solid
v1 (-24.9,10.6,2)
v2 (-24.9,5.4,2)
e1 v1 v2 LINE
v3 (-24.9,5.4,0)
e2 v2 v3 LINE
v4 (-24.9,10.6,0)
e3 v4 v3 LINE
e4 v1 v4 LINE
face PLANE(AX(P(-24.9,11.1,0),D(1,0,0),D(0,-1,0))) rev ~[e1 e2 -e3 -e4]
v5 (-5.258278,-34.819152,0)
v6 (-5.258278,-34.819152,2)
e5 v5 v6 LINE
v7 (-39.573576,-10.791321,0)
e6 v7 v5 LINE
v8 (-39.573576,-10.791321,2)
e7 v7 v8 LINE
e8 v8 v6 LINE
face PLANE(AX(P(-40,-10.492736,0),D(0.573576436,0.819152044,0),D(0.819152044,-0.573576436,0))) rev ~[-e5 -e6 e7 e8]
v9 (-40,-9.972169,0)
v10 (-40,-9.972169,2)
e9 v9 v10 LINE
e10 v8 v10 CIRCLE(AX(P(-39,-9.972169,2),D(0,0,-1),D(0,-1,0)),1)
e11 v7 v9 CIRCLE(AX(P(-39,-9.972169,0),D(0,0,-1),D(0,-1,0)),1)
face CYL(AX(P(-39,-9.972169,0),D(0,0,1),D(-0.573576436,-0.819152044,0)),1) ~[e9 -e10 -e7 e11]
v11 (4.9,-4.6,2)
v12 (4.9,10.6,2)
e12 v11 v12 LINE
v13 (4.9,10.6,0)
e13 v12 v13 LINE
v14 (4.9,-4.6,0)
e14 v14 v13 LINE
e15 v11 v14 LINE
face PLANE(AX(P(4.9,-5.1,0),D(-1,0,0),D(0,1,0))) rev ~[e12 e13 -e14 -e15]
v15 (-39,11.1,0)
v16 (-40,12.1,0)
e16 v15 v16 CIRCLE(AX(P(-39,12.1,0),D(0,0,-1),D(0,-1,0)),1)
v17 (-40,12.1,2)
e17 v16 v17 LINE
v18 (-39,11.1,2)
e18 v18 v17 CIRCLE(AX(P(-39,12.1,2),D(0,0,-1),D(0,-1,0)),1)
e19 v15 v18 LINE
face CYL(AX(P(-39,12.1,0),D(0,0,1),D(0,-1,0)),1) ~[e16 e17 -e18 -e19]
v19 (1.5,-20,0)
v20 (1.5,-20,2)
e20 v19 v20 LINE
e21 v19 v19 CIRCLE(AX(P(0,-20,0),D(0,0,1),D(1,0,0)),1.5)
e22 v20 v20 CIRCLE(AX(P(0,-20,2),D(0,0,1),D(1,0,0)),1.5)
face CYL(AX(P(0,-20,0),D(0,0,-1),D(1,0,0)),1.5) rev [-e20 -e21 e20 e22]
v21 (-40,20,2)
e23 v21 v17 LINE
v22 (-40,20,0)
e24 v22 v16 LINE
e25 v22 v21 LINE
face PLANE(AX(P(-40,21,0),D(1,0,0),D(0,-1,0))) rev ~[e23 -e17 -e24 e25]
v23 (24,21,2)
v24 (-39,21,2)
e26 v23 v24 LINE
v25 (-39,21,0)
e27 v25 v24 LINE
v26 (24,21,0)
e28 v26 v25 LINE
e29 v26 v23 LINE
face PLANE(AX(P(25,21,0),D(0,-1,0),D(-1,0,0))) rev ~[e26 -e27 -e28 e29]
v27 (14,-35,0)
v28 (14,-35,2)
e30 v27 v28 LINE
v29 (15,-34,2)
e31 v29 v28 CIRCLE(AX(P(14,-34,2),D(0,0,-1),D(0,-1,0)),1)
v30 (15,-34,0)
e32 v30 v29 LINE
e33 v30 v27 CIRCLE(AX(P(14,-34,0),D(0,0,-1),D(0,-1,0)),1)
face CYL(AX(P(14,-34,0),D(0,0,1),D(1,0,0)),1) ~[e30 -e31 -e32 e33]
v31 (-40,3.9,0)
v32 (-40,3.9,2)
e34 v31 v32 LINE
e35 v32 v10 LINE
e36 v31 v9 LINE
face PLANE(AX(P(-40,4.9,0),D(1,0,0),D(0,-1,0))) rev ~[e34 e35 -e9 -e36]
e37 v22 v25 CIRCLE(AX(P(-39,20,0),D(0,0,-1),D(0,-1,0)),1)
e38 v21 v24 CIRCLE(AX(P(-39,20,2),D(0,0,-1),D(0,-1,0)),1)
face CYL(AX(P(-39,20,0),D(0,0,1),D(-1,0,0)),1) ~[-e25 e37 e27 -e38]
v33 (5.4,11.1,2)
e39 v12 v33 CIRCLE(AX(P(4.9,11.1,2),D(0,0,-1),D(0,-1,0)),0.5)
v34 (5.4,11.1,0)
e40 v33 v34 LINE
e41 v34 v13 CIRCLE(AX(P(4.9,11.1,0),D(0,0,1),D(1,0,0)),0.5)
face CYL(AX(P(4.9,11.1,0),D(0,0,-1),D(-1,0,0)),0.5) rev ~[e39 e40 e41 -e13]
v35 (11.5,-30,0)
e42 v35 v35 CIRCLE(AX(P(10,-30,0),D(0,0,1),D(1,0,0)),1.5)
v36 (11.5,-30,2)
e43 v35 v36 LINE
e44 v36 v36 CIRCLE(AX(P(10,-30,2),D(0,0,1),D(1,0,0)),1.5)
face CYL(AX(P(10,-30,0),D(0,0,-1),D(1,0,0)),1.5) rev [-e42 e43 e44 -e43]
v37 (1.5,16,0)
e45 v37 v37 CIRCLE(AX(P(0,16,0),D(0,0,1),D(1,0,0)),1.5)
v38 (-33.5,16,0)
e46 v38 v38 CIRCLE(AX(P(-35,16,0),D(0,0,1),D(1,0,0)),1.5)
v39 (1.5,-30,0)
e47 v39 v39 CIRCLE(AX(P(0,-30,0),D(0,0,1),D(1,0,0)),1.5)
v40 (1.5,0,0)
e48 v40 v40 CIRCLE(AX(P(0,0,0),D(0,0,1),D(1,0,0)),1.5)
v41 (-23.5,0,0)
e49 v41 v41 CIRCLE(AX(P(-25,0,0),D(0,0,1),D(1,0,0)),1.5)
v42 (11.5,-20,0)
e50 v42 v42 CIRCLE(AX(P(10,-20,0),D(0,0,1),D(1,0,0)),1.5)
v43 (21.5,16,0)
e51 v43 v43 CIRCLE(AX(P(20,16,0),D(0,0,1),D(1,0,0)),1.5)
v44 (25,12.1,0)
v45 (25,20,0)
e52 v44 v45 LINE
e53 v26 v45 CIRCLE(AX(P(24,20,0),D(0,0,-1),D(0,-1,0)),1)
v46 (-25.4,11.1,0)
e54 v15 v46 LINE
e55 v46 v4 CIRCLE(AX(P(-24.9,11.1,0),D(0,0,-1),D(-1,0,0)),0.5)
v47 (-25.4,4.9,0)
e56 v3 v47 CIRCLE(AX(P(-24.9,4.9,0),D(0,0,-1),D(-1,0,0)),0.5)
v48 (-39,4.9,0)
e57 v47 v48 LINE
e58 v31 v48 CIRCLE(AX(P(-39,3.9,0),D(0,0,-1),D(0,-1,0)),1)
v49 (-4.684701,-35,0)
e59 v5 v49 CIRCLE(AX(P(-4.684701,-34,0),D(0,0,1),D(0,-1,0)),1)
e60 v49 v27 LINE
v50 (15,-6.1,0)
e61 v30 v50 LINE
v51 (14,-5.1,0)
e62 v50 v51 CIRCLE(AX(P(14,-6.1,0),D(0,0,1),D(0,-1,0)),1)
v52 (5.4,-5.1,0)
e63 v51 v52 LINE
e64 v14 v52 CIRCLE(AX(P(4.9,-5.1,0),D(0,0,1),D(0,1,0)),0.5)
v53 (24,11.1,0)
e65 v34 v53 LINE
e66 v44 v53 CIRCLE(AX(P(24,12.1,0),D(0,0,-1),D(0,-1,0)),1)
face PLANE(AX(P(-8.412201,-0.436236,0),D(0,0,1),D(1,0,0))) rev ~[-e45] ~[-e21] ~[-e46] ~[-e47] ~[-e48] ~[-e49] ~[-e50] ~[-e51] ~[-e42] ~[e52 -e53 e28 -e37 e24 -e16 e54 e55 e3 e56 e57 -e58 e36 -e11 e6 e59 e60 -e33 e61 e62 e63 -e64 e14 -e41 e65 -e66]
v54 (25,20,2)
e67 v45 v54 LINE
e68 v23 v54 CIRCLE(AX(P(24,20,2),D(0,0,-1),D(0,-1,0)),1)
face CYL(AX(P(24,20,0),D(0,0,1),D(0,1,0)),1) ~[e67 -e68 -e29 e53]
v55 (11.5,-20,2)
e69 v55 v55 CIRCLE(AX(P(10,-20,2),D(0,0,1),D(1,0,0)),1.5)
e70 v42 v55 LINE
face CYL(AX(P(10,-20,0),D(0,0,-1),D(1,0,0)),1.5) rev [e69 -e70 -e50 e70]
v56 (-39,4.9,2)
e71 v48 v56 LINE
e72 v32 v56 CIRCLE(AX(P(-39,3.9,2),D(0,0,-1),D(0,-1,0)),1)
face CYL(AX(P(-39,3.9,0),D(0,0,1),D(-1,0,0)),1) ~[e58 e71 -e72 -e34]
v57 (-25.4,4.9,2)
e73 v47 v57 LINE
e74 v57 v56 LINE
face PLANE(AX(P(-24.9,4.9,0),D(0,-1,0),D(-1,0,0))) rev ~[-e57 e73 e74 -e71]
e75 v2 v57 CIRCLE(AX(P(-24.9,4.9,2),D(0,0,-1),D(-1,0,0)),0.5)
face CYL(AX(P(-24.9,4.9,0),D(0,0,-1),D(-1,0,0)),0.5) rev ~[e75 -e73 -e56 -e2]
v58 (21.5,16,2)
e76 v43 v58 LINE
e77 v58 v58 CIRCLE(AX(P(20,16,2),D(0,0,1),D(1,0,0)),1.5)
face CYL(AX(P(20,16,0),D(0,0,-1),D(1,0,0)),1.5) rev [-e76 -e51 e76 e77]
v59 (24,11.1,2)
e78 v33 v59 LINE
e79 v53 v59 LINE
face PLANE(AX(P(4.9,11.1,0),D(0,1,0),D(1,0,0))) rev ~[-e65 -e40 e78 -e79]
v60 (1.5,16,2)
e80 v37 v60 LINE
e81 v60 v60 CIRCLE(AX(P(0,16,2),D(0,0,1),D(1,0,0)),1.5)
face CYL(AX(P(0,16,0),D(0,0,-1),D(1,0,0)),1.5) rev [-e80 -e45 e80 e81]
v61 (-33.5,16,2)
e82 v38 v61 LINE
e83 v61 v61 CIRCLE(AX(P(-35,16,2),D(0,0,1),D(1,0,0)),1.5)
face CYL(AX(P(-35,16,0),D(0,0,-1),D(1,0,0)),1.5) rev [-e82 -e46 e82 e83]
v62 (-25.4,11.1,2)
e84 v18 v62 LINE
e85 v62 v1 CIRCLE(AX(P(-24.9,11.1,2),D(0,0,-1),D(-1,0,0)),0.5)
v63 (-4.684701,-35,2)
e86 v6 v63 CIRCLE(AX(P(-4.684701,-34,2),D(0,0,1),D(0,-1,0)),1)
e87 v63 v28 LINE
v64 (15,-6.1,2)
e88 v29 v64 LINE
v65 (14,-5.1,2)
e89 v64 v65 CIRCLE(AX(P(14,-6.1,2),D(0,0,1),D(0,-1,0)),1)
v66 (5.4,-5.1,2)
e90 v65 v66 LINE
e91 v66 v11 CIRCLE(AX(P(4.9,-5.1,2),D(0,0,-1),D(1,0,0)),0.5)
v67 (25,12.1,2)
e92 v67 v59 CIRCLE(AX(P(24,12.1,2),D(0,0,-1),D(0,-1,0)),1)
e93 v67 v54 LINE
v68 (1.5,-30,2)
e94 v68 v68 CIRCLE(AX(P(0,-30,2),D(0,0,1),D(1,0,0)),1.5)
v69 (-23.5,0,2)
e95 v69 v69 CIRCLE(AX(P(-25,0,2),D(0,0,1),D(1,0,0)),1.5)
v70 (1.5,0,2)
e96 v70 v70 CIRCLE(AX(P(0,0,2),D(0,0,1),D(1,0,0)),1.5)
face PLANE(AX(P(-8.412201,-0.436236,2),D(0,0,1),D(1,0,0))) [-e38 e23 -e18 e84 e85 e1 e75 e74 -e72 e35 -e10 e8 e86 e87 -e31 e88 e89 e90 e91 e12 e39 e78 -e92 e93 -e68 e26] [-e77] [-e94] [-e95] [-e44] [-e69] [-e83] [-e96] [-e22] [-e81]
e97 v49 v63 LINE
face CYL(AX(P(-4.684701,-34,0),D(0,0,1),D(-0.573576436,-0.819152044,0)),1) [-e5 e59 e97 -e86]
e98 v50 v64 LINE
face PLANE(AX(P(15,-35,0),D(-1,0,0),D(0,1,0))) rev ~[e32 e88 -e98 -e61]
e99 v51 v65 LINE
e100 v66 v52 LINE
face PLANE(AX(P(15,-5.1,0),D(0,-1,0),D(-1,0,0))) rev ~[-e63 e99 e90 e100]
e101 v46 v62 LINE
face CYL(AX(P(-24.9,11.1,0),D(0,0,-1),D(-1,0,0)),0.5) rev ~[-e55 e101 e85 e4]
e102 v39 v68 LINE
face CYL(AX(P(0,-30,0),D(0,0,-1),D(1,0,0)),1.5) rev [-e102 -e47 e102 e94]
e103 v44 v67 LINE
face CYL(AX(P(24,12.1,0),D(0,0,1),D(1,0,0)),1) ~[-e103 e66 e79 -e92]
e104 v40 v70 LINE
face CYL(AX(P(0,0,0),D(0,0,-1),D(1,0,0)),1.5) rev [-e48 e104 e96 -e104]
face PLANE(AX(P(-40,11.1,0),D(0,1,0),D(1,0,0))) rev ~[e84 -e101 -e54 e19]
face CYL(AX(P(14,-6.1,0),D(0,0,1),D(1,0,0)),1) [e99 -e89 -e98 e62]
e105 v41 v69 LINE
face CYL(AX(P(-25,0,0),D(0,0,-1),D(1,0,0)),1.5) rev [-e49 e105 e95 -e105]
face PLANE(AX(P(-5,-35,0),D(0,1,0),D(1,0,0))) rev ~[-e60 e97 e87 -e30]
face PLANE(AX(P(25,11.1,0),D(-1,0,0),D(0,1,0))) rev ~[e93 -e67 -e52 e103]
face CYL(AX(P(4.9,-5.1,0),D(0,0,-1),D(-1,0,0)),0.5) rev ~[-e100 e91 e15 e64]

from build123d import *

# Parameters (mm, degrees)
SKETCH_1_R          = 1.5
EXTRUDE_1_DEPTH     = 2
SKETCH_2_R          = 0.5
CUT_EXTRUDE_1_DEPTH = 10
FILLET_2_R          = 1


with BuildPart() as part:
    # 草图1 → 凸台-拉伸1 (new body)
    with BuildSketch(Plane.XY):
        Polygon((15, -35), (15, -5.1), (4.9, -5.1), (4.9, 11.1), (25, 11.1), (25, 21), (-40, 21), (-40, 11.1), (-24.9, 11.1), (-24.9, 4.9), (-40, 4.9), (-40, -10.492736163), (-5, -35), align=None)
        with Locations((-35, 16)):
            Circle(SKETCH_1_R, mode=Mode.SUBTRACT)
        with Locations((10, -30)):
            Circle(SKETCH_1_R, mode=Mode.SUBTRACT)
        with Locations((10, -20)):
            Circle(SKETCH_1_R, mode=Mode.SUBTRACT)
        with Locations((0, 16)):
            Circle(SKETCH_1_R, mode=Mode.SUBTRACT)
        with Locations((20, 16)):
            Circle(SKETCH_1_R, mode=Mode.SUBTRACT)
        with Locations((-25, 0)):
            Circle(SKETCH_1_R, mode=Mode.SUBTRACT)
        Circle(SKETCH_1_R, mode=Mode.SUBTRACT)
        with Locations((0, -20)):
            Circle(SKETCH_1_R, mode=Mode.SUBTRACT)
        with Locations((0, -30)):
            Circle(SKETCH_1_R, mode=Mode.SUBTRACT)
    extrude(amount=EXTRUDE_1_DEPTH)

    # 草图2 → 切除-拉伸1 (cut)
    with BuildSketch(Plane(origin=(0, 0, 0), x_dir=(-1, 0, 0), z_dir=(0, 0, -1))):
        with Locations((-4.9, 11.1)):
            Circle(SKETCH_2_R)
        with Locations((-4.9, -5.1)):
            Circle(SKETCH_2_R)
        with Locations((24.9, 11.1)):
            Circle(SKETCH_2_R)
        with Locations((24.9, 4.9)):
            Circle(SKETCH_2_R)
    extrude(amount=-CUT_EXTRUDE_1_DEPTH, mode=Mode.SUBTRACT)

    # 圆角2
    fillet_2_edges = [part.edges().sort_by_distance(p)[0] for p in [
        (-40, 11.1, 1),
        (-40, 21, 1),
        (25, 21, 1),
        (25, 11.1, 1),
        (15, -5.1, 1),
        (15, -35, 1),
        (-5, -35, 1),
        (-40, -10.492736163, 1),
        (-40, 4.9, 1),
    ]]
    fillet(fillet_2_edges, radius=FILLET_2_R)


solid = part.part
